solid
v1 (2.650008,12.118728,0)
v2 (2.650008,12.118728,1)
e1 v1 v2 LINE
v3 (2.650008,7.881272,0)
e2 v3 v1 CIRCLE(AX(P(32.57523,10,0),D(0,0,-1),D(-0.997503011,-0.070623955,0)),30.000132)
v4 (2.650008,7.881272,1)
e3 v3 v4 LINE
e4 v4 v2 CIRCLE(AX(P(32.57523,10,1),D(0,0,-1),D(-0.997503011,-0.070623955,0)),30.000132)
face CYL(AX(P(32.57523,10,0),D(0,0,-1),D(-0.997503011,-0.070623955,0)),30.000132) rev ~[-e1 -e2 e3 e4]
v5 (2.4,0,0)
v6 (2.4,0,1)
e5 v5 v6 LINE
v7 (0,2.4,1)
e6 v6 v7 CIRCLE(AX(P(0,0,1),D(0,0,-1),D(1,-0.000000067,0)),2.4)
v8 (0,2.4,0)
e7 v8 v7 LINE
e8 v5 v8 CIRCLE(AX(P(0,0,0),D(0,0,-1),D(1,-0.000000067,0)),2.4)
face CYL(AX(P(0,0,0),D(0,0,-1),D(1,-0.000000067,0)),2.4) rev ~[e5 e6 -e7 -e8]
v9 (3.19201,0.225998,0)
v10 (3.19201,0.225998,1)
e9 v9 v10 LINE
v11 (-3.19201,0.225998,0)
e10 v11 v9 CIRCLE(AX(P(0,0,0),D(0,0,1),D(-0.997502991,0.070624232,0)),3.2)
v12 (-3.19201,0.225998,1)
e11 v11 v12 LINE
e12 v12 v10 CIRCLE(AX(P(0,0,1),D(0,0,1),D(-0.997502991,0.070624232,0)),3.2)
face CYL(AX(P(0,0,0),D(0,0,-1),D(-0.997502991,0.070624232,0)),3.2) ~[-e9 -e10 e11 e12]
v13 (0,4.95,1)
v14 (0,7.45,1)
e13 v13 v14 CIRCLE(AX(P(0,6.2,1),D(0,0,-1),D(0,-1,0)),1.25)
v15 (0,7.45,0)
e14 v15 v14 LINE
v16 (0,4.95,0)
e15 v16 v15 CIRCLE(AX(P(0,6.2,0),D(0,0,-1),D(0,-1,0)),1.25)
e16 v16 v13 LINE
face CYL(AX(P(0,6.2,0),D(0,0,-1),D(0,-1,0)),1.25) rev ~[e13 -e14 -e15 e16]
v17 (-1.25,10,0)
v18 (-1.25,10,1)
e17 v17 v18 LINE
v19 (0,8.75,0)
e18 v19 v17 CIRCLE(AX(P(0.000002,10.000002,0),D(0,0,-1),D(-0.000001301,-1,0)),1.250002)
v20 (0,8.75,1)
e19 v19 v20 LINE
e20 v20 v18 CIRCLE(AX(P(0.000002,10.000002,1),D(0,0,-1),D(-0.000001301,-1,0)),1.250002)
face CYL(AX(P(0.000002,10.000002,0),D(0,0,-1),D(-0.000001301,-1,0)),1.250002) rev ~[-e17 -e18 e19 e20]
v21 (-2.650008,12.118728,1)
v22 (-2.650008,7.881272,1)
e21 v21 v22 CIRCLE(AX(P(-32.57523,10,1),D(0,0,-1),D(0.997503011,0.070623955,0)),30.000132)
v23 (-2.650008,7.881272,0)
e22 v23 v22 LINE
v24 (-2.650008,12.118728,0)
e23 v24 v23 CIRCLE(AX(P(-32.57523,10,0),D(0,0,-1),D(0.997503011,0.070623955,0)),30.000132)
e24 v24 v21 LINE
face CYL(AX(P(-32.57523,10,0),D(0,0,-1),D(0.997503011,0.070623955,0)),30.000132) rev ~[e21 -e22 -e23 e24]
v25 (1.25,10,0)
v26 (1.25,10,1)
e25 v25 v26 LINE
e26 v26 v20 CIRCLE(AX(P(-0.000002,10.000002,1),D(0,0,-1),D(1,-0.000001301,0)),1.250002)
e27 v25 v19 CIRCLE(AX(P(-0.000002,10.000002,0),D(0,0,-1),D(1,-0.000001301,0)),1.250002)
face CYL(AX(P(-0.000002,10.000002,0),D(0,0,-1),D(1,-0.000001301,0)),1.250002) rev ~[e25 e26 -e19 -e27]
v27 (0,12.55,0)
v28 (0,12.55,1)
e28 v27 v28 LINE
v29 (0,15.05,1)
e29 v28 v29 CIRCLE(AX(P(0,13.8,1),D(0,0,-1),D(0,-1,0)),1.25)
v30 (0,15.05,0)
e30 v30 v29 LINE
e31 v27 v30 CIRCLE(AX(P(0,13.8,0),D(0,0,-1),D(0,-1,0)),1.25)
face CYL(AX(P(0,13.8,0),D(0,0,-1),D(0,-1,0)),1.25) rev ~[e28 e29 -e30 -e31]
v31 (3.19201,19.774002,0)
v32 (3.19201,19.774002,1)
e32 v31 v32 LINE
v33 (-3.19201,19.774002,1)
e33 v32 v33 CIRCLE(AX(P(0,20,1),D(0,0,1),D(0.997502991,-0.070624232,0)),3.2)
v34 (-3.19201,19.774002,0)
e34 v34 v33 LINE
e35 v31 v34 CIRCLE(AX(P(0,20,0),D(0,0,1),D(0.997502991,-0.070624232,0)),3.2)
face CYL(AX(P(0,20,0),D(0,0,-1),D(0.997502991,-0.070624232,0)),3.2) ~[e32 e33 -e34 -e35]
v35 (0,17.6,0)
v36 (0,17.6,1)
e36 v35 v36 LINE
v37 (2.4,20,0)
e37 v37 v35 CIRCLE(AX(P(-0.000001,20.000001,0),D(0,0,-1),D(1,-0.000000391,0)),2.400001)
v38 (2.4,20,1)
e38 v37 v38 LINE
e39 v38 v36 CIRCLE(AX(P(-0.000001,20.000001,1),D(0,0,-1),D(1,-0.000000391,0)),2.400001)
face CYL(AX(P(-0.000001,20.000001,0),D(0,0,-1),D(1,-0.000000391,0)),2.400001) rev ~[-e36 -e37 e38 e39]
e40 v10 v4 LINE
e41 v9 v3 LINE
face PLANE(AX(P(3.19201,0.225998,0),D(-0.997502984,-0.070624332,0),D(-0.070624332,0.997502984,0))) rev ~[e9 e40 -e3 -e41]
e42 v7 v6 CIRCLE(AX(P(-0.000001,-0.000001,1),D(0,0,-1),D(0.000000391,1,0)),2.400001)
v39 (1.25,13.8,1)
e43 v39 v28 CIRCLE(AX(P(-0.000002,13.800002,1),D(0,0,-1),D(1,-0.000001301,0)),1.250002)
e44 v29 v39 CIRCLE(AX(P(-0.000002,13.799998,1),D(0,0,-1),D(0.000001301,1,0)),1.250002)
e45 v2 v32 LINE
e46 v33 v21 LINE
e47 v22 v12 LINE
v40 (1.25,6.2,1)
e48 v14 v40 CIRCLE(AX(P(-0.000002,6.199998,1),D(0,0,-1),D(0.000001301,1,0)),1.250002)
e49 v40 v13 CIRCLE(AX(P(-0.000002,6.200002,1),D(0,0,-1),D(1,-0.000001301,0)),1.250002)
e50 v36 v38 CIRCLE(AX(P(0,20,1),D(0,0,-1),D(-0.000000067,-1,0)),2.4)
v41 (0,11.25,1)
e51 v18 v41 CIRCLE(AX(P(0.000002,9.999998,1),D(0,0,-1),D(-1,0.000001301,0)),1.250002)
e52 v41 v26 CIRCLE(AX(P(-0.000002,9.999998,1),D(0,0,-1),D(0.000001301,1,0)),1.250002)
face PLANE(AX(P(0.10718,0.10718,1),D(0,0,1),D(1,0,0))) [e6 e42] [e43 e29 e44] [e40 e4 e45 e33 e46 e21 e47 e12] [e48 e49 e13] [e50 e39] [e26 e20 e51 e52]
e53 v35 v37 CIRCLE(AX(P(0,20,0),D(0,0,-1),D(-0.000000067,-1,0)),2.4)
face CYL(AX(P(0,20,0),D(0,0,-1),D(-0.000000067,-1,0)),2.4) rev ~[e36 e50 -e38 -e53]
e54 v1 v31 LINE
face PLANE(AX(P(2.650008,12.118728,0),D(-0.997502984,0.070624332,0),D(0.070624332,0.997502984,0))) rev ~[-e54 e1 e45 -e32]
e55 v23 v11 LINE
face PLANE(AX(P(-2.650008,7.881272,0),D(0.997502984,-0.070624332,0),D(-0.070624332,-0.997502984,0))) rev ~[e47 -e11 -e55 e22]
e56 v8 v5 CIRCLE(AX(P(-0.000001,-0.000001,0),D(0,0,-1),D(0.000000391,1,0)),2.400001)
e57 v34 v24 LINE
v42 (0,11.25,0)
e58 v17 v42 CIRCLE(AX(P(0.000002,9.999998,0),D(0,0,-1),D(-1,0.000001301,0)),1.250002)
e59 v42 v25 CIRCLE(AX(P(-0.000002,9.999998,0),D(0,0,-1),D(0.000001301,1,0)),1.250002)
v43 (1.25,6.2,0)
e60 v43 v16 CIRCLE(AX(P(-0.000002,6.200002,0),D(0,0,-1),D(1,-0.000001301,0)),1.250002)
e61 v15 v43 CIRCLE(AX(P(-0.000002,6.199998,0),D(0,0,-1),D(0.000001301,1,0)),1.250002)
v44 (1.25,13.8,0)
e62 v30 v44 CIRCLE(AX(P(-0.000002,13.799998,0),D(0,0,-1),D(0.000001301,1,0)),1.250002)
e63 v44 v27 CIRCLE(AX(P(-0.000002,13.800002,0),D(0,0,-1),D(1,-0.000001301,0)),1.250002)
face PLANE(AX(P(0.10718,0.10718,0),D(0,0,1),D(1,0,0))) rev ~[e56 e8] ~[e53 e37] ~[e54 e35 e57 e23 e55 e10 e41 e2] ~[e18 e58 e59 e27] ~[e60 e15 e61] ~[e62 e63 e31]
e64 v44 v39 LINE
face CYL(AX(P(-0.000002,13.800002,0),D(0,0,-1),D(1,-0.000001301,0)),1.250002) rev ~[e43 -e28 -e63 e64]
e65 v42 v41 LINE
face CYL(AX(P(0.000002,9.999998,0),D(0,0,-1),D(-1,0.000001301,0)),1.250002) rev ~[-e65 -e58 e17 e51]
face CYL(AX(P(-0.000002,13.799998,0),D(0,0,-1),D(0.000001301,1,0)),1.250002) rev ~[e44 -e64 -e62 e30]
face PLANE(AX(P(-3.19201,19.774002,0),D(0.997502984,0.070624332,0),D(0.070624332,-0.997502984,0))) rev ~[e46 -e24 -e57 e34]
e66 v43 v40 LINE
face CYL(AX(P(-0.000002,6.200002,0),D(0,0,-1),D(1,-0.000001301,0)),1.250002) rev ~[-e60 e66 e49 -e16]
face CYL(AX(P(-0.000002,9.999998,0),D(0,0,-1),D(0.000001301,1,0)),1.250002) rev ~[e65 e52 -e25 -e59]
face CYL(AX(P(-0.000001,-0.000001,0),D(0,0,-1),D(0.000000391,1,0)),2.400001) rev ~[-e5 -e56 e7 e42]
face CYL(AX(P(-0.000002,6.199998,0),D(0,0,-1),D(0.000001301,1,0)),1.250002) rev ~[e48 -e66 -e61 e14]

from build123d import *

# Parameters (mm, degrees)
F1_DEPTH = 1


with BuildPart() as f1:
    # F0 (on Top) → F1 (new body)
    with BuildSketch(Plane.XY):
        with BuildLine():
            ThreePointArc((0, 2.4), (-1.697056, -1.697056), (2.4, 0))
            ThreePointArc((2.4, 0), (1.697056, 1.697056), (0, 2.4))
        make_face()
        with BuildLine():
            ThreePointArc((2.4, 20), (-1.697056, 21.697056), (0, 17.6))
            ThreePointArc((0, 17.6), (1.697056, 18.302944), (2.4, 20))
        make_face()
        with BuildLine():
            Line((-2.650008, 7.881272), (-3.19201, 0.225998))
            ThreePointArc((-3.19201, 0.225998), (0, -3.2), (3.19201, 0.225998))
            Line((3.19201, 0.225998), (2.650008, 7.881272))
            ThreePointArc((2.650008, 7.881272), (2.575098, 10), (2.650008, 12.118728))
            Line((2.650008, 12.118728), (3.19201, 19.774002))
            ThreePointArc((3.19201, 19.774002), (0, 23.2), (-3.19201, 19.774002))
            Line((-3.19201, 19.774002), (-2.650008, 12.118728))
            ThreePointArc((-2.650008, 12.118728), (-2.575098, 10), (-2.650008, 7.881272))
        make_face()
        with BuildLine():
            ThreePointArc((0, 2.4), (1.697056, 1.697056), (2.4, 0))
            ThreePointArc((2.4, 0), (-1.697056, -1.697056), (0, 2.4))
        make_face(mode=Mode.SUBTRACT)
        with BuildLine():
            ThreePointArc((1.25, 6.2), (0.883883, 5.316117), (0, 4.95))
            ThreePointArc((0, 4.95), (-1.25, 6.2), (0, 7.45))
            ThreePointArc((0, 7.45), (0.883883, 7.083883), (1.25, 6.2))
        make_face(mode=Mode.SUBTRACT)
        with BuildLine():
            ThreePointArc((1.25, 10), (0.883883, 9.116117), (0, 8.75))
            ThreePointArc((0, 8.75), (-0.883883, 9.116117), (-1.25, 10))
            ThreePointArc((-1.25, 10), (-0.883883, 10.883883), (0, 11.25))
            ThreePointArc((0, 11.25), (0.883883, 10.883883), (1.25, 10))
        make_face(mode=Mode.SUBTRACT)
        with BuildLine():
            ThreePointArc((1.25, 13.8), (0.883883, 12.916117), (0, 12.55))
            ThreePointArc((0, 12.55), (-1.25, 13.8), (0, 15.05))
            ThreePointArc((0, 15.05), (0.883883, 14.683883), (1.25, 13.8))
        make_face(mode=Mode.SUBTRACT)
        with BuildLine():
            ThreePointArc((2.4, 20), (1.697056, 18.302944), (0, 17.6))
            ThreePointArc((0, 17.6), (-1.697056, 21.697056), (2.4, 20))
        make_face(mode=Mode.SUBTRACT)
    extrude(amount=F1_DEPTH)


solid = f1.part
